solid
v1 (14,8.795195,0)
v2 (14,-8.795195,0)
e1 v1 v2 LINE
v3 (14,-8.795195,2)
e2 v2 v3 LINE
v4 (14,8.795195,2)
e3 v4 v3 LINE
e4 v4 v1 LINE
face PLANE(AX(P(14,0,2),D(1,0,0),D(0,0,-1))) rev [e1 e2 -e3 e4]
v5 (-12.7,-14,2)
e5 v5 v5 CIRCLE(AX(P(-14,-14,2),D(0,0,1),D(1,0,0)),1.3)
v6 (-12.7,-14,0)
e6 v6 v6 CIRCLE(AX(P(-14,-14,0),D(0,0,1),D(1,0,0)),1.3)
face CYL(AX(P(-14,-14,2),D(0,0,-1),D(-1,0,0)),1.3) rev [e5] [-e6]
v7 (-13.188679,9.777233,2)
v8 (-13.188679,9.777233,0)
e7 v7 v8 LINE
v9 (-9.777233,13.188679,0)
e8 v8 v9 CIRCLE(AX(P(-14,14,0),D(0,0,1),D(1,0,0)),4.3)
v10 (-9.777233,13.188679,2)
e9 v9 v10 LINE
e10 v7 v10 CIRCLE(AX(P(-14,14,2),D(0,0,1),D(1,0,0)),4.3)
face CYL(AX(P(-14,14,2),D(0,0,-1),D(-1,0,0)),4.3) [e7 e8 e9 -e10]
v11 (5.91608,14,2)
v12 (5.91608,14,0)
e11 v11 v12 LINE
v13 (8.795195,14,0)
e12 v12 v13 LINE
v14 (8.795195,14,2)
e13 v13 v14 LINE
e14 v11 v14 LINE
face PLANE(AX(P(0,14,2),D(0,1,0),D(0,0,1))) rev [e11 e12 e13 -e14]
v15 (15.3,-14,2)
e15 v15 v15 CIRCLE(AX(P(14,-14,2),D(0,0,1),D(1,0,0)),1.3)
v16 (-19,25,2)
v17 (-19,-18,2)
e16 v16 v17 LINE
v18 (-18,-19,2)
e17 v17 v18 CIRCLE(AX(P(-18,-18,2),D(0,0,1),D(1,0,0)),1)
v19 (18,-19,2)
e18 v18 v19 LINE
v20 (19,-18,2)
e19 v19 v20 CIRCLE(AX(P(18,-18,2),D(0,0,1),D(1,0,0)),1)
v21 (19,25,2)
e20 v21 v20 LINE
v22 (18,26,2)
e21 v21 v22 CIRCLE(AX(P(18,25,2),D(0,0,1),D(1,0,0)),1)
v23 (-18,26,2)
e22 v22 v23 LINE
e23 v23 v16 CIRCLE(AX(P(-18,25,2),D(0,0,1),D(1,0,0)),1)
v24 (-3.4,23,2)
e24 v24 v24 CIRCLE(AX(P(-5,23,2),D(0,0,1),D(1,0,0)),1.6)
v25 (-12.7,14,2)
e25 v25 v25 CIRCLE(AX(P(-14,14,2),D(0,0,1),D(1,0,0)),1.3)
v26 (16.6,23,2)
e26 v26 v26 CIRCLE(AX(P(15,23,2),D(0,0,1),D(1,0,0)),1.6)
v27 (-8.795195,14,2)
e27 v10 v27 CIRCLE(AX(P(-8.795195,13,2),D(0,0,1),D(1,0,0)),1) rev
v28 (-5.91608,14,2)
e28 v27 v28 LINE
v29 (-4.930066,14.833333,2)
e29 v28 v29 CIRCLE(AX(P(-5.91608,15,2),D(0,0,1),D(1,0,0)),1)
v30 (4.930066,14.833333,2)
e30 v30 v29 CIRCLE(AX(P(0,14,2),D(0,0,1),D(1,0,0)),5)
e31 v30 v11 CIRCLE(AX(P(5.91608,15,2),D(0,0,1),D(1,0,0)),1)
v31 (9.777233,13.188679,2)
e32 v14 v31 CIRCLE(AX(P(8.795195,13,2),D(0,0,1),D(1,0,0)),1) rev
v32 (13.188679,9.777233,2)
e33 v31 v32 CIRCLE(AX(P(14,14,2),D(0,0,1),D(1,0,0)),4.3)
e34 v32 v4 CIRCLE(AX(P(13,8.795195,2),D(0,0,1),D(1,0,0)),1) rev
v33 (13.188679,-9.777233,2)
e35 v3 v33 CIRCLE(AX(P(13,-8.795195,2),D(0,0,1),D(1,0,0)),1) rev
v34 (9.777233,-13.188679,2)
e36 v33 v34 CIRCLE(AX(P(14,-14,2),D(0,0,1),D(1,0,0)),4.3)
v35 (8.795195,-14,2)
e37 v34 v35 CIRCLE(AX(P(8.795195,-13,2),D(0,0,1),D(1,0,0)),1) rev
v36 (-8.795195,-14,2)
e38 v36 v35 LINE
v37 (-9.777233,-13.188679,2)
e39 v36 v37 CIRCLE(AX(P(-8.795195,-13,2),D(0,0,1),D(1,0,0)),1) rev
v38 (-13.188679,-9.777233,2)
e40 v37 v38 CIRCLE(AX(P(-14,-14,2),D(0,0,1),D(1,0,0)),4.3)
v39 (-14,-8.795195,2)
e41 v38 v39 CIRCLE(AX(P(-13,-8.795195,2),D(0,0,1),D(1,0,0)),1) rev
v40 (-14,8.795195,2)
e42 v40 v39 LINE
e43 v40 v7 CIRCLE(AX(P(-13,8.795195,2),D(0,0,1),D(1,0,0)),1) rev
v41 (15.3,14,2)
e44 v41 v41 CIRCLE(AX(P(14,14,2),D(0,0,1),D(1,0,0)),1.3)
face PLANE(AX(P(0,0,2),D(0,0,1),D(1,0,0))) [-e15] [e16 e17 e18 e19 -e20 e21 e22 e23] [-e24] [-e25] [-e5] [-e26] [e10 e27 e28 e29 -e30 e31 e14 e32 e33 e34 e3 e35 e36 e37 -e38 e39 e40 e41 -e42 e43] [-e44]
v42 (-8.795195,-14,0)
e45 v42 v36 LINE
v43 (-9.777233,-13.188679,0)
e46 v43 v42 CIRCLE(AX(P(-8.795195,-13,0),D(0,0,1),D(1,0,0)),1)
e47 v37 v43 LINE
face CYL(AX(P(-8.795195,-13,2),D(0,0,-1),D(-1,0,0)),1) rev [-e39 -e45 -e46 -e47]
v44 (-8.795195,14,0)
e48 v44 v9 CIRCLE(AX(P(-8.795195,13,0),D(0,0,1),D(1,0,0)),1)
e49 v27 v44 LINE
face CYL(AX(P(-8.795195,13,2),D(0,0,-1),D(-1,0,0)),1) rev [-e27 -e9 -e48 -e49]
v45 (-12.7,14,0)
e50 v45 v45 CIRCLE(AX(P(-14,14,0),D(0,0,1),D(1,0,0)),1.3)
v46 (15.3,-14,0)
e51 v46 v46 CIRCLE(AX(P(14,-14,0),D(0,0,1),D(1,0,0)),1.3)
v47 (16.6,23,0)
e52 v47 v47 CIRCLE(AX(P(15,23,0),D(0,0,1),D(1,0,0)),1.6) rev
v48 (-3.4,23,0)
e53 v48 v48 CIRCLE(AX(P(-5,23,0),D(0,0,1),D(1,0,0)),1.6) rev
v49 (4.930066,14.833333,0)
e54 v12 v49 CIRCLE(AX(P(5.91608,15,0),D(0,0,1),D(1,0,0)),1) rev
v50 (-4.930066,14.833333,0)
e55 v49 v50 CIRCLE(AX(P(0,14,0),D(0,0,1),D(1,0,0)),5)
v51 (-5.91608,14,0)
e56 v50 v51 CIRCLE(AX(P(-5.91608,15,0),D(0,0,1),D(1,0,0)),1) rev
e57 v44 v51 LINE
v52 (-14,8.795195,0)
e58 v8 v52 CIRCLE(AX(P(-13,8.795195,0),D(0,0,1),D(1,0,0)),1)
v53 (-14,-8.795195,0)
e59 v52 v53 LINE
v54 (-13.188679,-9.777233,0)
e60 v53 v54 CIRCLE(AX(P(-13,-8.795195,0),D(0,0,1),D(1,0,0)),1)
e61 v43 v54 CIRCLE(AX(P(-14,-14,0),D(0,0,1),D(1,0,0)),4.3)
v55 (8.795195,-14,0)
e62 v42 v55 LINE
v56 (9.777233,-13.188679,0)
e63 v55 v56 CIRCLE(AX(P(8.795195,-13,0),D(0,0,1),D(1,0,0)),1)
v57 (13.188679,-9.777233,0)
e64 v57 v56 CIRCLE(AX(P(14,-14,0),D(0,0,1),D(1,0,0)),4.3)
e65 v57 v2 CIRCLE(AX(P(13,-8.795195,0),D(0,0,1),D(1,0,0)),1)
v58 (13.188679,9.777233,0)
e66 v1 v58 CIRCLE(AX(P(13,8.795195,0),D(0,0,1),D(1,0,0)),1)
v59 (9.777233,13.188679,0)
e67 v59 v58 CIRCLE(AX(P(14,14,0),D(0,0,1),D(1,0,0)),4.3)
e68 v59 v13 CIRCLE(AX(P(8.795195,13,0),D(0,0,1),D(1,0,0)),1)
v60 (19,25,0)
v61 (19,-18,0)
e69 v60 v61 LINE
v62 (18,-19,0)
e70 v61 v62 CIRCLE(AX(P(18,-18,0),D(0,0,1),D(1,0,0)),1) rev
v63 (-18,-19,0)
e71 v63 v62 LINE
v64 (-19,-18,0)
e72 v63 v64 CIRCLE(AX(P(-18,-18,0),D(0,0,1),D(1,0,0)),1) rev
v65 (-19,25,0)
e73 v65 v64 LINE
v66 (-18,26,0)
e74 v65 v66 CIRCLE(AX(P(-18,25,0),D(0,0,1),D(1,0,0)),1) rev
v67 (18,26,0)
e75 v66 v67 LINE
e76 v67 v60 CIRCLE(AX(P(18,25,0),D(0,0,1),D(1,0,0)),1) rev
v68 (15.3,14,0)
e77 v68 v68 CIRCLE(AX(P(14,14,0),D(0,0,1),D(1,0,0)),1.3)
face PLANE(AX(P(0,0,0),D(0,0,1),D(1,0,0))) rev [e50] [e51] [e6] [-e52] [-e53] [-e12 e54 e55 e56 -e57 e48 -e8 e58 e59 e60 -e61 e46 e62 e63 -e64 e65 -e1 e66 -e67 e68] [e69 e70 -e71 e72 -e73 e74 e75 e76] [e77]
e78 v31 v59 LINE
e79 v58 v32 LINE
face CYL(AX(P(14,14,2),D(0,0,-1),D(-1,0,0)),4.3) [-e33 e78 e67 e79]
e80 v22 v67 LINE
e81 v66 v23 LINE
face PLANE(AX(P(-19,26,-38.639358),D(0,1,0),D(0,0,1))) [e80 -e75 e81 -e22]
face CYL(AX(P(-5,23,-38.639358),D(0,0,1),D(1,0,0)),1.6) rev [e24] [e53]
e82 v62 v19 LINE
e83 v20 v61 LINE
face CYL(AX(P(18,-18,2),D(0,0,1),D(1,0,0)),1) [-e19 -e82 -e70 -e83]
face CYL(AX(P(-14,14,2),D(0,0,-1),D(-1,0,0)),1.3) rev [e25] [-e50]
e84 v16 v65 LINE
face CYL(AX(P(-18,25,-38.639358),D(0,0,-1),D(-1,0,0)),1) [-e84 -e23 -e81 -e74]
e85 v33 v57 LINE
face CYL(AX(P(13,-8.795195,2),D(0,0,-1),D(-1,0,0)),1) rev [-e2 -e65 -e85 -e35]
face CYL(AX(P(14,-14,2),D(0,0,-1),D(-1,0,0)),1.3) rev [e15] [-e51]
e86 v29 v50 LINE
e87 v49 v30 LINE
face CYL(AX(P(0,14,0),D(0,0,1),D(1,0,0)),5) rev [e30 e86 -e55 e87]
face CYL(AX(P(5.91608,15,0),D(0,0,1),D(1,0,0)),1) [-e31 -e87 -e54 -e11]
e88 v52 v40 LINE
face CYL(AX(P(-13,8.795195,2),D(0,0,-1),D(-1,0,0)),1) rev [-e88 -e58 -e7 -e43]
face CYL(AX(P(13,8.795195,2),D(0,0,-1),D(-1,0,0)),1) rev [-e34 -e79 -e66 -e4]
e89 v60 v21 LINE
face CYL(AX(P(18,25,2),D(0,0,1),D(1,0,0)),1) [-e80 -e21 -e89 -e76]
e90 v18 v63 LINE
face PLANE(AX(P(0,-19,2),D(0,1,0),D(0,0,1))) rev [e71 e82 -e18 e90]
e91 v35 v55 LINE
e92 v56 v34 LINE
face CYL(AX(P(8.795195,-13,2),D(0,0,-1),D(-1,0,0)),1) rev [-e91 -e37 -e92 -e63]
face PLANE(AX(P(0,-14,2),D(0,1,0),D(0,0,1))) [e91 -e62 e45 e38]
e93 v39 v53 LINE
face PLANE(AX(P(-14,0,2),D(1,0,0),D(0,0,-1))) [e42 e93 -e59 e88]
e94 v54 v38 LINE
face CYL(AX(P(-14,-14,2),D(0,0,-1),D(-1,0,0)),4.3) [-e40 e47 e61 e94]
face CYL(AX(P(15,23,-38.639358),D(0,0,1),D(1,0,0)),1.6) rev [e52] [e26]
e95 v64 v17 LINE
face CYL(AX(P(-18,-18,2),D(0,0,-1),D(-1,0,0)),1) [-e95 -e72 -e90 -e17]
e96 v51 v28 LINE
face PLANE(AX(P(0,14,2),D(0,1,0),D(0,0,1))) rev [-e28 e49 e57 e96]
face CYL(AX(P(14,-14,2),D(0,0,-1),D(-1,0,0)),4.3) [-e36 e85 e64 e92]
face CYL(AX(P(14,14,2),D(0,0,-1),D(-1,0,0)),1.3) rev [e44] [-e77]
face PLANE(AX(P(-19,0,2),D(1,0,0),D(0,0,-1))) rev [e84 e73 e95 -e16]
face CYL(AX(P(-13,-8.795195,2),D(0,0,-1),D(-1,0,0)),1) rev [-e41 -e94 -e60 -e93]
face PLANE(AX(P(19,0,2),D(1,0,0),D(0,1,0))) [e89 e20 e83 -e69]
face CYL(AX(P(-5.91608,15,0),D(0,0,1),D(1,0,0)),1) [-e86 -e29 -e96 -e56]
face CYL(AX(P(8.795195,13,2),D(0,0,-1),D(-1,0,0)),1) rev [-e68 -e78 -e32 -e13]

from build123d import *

# Parameters (mm, degrees)
SKETCH_1_W          = 38
SKETCH_1_H          = 38
SKETCH_1_R          = 1.3
EXTRUDE_1_DEPTH     = 2
SKETCH_2_W          = 38
SKETCH_2_H          = 7
SKETCH_2_R          = 1.6
EXTRUDE_2_DEPTH     = 2
SKETCH_3_R          = 5
CUT_EXTRUDE_1_DEPTH = 33.26453161
FILLET_1_R          = 1


with BuildPart() as part:
    # 草图1 → 凸台-拉伸1 (new body)
    with BuildSketch(Plane.XY):
        Rectangle(SKETCH_1_W, SKETCH_1_H)
        with BuildLine():
            Line((-14, -9.7), (-14, 9.7))
            ThreePointArc((-14, 9.7), (-10.959440841, 10.959440841), (-9.7, 14))
            Line((-9.7, 14), (9.7, 14))
            ThreePointArc((9.7, 14), (10.959440841, 10.959440841), (14, 9.7))
            Line((14, 9.7), (14, -9.7))
            ThreePointArc((14, -9.7), (10.959440841, -10.959440841), (9.7, -14))
            Line((9.7, -14), (-9.7, -14))
            ThreePointArc((-9.7, -14), (-10.959440841, -10.959440841), (-14, -9.7))
        make_face(mode=Mode.SUBTRACT)
        with Locations((14, -14)):
            Circle(SKETCH_1_R, mode=Mode.SUBTRACT)
        with Locations((14, 14)):
            Circle(SKETCH_1_R, mode=Mode.SUBTRACT)
        with Locations((-14, 14)):
            Circle(SKETCH_1_R, mode=Mode.SUBTRACT)
        with Locations((-14, -14)):
            Circle(SKETCH_1_R, mode=Mode.SUBTRACT)
    extrude(amount=EXTRUDE_1_DEPTH)

    # 草图2 → 凸台-拉伸2 (add)
    with BuildSketch(Plane.XY.offset(2)):
        with Locations((0, 22.5)):
            Rectangle(SKETCH_2_W, SKETCH_2_H)
        with Locations((-5, 23)):
            Circle(SKETCH_2_R, mode=Mode.SUBTRACT)
        with Locations((15, 23)):
            Circle(SKETCH_2_R, mode=Mode.SUBTRACT)
    extrude(amount=-EXTRUDE_2_DEPTH)

    # 草图3 → 切除-拉伸1 (cut, through all)
    with BuildSketch(Plane.XY.offset(2)):
        with Locations((0, 14)):
            Circle(SKETCH_3_R)
    extrude(amount=-CUT_EXTRUDE_1_DEPTH, mode=Mode.SUBTRACT)

    # 圆角1
    fillet_1_edges = [part.edges().sort_by_distance(p)[0] for p in [
        (19, -19, 1),
        (-19, -19, 1),
        (-14, 9.7, 1),
        (-14, -9.7, 1),
        (-9.7, -14, 1),
        (9.7, -14, 1),
        (14, -9.7, 1),
        (14, 9.7, 1),
        (9.7, 14, 1),
        (-9.7, 14, 1),
        (19, 26, 1),
        (-19, 26, 1),
        (-5, 14, 1),
        (5, 14, 1),
    ]]
    fillet(fillet_1_edges, radius=FILLET_1_R)


solid = part.part
